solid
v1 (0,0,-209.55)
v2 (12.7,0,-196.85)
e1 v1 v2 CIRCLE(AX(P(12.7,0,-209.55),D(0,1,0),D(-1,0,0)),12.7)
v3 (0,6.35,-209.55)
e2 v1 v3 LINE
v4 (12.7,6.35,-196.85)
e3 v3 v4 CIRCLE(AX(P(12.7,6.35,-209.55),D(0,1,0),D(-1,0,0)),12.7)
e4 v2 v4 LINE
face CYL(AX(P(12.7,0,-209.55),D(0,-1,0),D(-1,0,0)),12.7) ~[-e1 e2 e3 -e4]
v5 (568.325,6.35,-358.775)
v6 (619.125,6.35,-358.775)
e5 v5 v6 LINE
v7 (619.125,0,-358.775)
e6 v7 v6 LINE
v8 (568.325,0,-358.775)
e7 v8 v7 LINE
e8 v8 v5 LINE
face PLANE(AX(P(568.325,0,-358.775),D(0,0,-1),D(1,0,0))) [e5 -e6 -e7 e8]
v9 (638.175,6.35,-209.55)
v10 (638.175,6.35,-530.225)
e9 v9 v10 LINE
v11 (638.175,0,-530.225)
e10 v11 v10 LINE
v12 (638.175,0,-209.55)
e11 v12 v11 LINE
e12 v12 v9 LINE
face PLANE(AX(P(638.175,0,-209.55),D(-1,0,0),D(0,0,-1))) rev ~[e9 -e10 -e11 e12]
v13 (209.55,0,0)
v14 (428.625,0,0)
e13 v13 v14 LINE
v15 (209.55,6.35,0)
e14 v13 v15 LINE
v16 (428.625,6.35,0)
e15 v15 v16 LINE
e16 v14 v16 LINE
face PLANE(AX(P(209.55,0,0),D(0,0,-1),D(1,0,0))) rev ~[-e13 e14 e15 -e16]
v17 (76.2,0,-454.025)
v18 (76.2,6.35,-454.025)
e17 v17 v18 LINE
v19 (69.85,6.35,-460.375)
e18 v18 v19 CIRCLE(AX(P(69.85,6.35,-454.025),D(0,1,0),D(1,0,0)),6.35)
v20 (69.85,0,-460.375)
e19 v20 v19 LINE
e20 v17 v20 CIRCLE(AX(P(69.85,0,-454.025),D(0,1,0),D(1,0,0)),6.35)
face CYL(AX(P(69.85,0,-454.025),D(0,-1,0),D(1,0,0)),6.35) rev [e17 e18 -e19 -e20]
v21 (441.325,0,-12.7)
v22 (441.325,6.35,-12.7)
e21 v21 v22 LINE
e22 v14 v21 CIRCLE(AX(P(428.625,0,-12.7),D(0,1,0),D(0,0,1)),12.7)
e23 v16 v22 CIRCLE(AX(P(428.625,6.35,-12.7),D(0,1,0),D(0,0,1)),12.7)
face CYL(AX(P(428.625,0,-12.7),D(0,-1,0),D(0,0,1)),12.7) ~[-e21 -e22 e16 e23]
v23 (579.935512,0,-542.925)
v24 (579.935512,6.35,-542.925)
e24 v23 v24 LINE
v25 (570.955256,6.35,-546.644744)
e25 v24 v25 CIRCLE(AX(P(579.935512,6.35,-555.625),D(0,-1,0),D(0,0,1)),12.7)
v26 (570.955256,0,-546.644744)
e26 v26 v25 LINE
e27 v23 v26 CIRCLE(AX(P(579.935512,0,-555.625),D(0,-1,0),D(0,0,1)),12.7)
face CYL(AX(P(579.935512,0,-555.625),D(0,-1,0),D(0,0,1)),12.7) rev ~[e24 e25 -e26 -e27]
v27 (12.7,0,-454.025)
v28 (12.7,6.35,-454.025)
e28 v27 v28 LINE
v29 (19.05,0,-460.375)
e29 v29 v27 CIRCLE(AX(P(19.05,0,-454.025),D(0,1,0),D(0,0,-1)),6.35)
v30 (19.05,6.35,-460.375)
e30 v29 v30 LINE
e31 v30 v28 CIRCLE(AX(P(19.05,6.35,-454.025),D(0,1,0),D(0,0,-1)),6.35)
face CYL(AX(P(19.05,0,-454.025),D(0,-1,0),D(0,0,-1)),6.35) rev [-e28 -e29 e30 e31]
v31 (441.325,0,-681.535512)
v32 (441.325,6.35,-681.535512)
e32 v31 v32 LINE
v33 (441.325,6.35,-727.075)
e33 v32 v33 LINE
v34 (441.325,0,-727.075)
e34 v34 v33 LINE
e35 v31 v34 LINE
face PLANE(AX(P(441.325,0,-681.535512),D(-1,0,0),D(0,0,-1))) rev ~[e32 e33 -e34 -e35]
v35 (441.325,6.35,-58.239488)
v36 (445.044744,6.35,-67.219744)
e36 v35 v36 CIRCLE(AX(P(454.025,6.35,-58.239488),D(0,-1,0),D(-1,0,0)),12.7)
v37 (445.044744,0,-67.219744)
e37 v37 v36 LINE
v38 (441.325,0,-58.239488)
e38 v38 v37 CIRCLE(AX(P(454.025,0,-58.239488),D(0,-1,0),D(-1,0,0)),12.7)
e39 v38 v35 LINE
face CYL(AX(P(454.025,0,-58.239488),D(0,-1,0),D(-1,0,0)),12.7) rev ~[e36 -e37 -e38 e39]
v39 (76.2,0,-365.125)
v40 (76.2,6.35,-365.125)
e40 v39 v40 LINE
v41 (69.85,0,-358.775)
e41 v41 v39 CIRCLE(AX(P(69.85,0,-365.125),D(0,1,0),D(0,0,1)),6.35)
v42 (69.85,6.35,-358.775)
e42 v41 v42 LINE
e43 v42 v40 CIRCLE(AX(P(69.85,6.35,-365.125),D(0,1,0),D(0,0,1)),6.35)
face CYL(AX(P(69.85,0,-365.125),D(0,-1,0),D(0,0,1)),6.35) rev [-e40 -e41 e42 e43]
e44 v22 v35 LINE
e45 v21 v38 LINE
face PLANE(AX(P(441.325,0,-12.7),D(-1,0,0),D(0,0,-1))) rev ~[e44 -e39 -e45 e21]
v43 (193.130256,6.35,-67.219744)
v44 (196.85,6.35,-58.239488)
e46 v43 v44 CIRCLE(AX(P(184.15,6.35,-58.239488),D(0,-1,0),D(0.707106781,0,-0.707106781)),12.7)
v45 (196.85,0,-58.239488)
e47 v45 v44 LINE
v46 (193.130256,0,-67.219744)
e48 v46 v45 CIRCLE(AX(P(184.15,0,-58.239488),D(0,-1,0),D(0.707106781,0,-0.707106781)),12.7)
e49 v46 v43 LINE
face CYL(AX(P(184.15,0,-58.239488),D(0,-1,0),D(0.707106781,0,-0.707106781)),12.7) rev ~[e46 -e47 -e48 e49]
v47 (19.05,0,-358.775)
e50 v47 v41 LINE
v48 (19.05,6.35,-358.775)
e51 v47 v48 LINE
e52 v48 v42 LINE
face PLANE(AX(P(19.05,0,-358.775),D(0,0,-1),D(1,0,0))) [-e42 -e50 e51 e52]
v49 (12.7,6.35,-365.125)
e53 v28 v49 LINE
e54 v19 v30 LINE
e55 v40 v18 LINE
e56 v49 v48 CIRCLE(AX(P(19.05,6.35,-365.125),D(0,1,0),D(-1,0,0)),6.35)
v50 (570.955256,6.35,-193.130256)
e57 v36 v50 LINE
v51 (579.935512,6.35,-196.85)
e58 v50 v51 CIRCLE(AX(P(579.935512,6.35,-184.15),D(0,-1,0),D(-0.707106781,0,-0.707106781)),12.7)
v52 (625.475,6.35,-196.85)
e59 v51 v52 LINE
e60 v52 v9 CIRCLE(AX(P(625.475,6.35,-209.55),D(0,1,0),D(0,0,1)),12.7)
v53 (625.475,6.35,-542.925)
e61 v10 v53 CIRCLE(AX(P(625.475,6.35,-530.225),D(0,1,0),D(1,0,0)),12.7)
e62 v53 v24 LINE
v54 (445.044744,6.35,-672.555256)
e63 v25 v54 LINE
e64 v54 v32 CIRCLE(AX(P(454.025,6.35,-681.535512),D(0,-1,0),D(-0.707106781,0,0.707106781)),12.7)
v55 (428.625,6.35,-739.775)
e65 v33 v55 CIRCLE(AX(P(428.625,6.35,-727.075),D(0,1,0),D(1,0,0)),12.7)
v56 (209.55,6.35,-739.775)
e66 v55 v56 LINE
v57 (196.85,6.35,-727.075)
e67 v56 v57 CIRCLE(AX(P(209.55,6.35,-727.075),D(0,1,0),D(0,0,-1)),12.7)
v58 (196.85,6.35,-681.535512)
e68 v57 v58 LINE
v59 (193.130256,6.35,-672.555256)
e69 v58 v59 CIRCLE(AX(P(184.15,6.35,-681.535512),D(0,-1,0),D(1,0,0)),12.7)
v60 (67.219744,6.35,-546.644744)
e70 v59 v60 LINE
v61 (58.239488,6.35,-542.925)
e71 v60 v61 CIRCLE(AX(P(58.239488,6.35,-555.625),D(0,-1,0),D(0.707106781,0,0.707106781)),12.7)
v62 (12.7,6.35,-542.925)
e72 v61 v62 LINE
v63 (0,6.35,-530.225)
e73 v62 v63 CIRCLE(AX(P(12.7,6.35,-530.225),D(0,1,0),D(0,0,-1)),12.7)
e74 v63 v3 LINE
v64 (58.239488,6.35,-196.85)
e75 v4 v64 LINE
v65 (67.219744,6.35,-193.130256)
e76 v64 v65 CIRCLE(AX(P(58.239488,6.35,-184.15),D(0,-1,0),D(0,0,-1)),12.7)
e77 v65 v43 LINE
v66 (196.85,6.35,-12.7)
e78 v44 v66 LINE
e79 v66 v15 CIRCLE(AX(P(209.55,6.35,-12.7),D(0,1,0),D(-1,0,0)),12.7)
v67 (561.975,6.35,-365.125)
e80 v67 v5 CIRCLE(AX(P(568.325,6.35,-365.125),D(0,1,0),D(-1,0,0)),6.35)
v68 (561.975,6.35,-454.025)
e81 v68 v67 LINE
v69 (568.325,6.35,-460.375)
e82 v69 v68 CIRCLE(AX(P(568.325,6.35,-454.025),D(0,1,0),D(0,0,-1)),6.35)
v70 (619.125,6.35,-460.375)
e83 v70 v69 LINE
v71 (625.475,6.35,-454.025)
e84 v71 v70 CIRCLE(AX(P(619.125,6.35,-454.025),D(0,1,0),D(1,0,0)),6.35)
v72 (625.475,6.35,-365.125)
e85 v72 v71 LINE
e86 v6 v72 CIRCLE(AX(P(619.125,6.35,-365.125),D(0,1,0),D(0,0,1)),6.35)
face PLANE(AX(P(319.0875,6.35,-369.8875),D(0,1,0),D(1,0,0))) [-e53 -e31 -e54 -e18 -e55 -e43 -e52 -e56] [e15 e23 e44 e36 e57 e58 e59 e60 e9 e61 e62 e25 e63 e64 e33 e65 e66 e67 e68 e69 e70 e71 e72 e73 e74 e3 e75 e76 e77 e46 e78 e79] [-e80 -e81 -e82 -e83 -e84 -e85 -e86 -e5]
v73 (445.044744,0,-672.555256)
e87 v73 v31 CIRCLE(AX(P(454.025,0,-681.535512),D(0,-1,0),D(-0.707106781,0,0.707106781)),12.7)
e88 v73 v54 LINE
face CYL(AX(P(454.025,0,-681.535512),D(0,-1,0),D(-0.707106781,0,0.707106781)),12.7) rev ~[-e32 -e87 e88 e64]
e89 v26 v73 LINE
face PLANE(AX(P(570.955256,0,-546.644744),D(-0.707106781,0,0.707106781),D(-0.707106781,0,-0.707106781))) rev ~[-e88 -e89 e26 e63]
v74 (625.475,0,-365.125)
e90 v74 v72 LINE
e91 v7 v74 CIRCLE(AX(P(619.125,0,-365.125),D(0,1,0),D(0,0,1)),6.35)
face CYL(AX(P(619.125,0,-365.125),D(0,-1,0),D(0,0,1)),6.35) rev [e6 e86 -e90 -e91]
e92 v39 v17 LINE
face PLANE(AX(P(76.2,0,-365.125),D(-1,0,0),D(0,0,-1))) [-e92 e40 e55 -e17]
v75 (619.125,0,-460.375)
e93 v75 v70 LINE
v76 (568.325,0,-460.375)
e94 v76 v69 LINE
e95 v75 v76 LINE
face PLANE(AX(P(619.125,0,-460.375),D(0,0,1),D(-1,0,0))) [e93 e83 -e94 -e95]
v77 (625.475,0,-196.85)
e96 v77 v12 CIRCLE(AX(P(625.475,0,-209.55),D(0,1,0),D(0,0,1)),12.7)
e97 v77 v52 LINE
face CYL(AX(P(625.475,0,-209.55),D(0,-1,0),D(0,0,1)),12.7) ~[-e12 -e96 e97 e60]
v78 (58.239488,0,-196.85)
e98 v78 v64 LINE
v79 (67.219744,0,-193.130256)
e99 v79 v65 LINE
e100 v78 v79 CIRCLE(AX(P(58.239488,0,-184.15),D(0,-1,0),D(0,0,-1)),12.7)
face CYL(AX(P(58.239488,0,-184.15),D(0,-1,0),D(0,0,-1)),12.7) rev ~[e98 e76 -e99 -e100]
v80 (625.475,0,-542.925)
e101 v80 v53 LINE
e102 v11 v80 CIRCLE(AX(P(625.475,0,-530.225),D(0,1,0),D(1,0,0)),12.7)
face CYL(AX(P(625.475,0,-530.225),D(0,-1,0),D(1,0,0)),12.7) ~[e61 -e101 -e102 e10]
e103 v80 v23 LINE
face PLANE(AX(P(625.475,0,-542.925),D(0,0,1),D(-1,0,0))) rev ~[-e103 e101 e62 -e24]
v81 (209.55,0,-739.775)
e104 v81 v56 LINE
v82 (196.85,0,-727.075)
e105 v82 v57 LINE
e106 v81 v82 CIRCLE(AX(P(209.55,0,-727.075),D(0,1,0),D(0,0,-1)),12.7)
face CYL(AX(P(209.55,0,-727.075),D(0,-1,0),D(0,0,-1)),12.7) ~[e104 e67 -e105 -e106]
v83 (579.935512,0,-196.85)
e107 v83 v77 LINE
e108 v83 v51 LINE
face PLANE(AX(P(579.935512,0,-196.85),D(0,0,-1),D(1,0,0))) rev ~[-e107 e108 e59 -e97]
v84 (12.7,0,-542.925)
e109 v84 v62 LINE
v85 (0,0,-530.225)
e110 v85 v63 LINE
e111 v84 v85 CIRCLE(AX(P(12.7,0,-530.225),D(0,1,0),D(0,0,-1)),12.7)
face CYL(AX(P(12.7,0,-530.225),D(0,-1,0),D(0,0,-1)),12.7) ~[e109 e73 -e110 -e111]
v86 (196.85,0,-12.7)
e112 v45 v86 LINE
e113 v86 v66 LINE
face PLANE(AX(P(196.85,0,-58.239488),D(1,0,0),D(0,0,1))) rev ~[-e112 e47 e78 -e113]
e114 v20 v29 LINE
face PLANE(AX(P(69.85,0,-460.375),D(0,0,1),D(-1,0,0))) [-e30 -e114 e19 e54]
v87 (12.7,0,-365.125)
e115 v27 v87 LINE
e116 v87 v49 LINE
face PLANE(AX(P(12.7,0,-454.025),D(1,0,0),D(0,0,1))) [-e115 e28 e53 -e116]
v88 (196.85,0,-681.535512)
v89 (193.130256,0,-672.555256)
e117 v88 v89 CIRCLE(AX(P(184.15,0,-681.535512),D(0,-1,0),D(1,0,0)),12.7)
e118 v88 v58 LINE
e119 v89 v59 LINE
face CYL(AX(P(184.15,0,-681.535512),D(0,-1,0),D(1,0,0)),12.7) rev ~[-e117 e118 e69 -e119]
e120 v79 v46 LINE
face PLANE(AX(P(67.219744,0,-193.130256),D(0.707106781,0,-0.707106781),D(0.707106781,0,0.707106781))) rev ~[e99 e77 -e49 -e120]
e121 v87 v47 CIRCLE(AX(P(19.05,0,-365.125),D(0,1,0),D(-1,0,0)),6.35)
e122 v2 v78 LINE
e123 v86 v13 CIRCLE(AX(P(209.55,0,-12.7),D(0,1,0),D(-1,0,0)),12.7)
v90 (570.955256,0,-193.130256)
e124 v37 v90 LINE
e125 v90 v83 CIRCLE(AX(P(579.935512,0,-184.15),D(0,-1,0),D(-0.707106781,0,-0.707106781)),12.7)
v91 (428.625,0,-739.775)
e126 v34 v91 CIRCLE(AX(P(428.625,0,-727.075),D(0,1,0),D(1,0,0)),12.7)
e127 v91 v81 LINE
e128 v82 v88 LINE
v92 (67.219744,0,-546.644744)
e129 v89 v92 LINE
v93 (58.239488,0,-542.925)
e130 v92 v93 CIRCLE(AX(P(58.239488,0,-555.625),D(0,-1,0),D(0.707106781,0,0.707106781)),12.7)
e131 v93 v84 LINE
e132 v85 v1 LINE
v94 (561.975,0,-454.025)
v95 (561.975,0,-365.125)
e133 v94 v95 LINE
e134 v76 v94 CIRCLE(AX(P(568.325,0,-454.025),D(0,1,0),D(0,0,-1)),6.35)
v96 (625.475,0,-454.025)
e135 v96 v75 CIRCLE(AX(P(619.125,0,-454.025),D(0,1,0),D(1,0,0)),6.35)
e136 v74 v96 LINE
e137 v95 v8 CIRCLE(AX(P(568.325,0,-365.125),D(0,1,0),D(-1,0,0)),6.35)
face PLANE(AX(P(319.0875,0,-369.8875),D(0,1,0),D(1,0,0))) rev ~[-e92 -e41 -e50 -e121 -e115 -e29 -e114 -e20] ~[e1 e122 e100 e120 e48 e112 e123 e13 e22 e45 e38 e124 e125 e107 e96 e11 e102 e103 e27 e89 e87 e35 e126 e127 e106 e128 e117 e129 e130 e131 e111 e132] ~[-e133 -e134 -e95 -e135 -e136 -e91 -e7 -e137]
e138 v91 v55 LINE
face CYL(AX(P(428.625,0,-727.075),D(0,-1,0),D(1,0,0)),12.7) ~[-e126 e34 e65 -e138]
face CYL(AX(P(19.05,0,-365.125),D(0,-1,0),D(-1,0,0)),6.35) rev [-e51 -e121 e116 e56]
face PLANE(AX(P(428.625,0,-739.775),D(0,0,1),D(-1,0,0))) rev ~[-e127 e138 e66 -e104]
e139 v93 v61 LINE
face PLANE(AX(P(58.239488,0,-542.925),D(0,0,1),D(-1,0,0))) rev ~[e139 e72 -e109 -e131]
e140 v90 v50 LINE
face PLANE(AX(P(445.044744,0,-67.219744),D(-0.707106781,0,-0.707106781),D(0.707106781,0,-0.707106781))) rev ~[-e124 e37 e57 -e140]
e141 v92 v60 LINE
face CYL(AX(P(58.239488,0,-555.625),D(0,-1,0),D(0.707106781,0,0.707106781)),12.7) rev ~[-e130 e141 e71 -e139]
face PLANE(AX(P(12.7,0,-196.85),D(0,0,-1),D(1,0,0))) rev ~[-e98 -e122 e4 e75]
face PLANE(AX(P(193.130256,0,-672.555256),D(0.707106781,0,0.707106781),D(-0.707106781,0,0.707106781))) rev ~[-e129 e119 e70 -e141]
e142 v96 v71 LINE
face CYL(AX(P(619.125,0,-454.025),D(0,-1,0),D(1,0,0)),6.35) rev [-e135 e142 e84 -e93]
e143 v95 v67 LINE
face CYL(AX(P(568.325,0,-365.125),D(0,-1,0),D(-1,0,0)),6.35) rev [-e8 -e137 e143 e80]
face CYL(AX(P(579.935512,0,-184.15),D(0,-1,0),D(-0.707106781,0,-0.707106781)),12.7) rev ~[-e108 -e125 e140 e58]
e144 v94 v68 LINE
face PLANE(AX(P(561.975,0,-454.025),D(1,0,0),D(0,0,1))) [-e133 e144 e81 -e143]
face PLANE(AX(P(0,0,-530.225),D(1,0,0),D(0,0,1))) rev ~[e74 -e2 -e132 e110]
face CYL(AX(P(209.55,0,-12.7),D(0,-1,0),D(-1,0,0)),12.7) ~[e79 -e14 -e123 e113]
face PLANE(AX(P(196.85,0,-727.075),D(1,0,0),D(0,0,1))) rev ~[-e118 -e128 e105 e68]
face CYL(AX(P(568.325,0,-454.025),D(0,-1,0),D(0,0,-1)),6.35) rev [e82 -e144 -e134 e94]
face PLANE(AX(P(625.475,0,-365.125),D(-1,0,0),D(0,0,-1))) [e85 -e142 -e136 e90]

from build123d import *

# Parameters (mm, degrees)
BOSS_EXTRUDE1_DEPTH = 6.35


with BuildPart() as part:
    # Sketch1 → Boss-Extrude1 (new body)
    with BuildSketch(Plane(origin=(0, 0, 0), x_dir=(1, 0, 0), z_dir=(0, 1, 0))):
        with BuildLine():
            Line((209.55, 0), (428.625, 0))
            ThreePointArc((428.625, 0), (437.605256121, 3.719743879), (441.325, 12.7))
            Line((441.325, 12.7), (441.325, 58.239487758))
            ThreePointArc((441.325, 58.239487758), (442.291729937, 63.099567349), (445.044743879, 67.219743879))
            Line((445.044743879, 67.219743879), (570.955256121, 193.130256121))
            ThreePointArc((570.955256121, 193.130256121), (575.075432651, 195.883270063), (579.935512242, 196.85))
            Line((579.935512242, 196.85), (625.475, 196.85))
            ThreePointArc((625.475, 196.85), (634.455256121, 200.569743879), (638.175, 209.55))
            Line((638.175, 209.55), (638.175, 358.775))
            Line((638.175, 358.775), (638.175, 460.375))
            Line((638.175, 460.375), (638.175, 530.225))
            ThreePointArc((638.175, 530.225), (634.455256121, 539.205256121), (625.475, 542.925))
            Line((625.475, 542.925), (579.935512242, 542.925))
            ThreePointArc((579.935512242, 542.925), (575.075432651, 543.891729937), (570.955256121, 546.644743879))
            Line((570.955256121, 546.644743879), (445.044743879, 672.555256121))
            ThreePointArc((445.044743879, 672.555256121), (442.291729937, 676.675432651), (441.325, 681.535512242))
            Line((441.325, 681.535512242), (441.325, 727.075))
            ThreePointArc((441.325, 727.075), (437.605256121, 736.055256121), (428.625, 739.775))
            Line((428.625, 739.775), (209.55, 739.775))
            ThreePointArc((209.55, 739.775), (200.569743879, 736.055256121), (196.85, 727.075))
            Line((196.85, 727.075), (196.85, 681.535512242))
            ThreePointArc((196.85, 681.535512242), (195.883270063, 676.675432651), (193.130256121, 672.555256121))
            Line((193.130256121, 672.555256121), (67.219743879, 546.644743879))
            ThreePointArc((67.219743879, 546.644743879), (63.099567349, 543.891729937), (58.239487758, 542.925))
            Line((58.239487758, 542.925), (12.7, 542.925))
            ThreePointArc((12.7, 542.925), (3.719743879, 539.205256121), (0, 530.225))
            Line((0, 530.225), (0, 209.55))
            ThreePointArc((0, 209.55), (3.719743879, 200.569743879), (12.7, 196.85))
            Line((12.7, 196.85), (58.239487758, 196.85))
            ThreePointArc((58.239487758, 196.85), (63.099567349, 195.883270063), (67.219743879, 193.130256121))
            Line((67.219743879, 193.130256121), (193.130256121, 67.219743879))
            ThreePointArc((193.130256121, 67.219743879), (195.883270063, 63.099567349), (196.85, 58.239487758))
            Line((196.85, 58.239487758), (196.85, 12.7))
            ThreePointArc((196.85, 12.7), (200.569743879, 3.719743879), (209.55, 0))
        make_face()
        with BuildLine():
            Line((619.125, 460.375), (568.325, 460.375))
            ThreePointArc((568.325, 460.375), (563.834871939, 458.515128061), (561.975, 454.025))
            Line((561.975, 454.025), (561.975, 365.125))
            ThreePointArc((561.975, 365.125), (563.834871939, 360.634871939), (568.325, 358.775))
            Line((568.325, 358.775), (619.125, 358.775))
            ThreePointArc((619.125, 358.775), (623.615128061, 360.634871939), (625.475, 365.125))
            Line((625.475, 365.125), (625.475, 454.025))
            ThreePointArc((625.475, 454.025), (623.615128061, 458.515128061), (619.125, 460.375))
        make_face(mode=Mode.SUBTRACT)
        with BuildLine():
            Line((12.7, 454.025), (12.7, 365.125))
            ThreePointArc((12.7, 365.125), (14.559871939, 360.634871939), (19.05, 358.775))
            Line((19.05, 358.775), (69.85, 358.775))
            ThreePointArc((69.85, 358.775), (74.340128061, 360.634871939), (76.2, 365.125))
            Line((76.2, 365.125), (76.2, 454.025))
            ThreePointArc((76.2, 454.025), (74.340128061, 458.515128061), (69.85, 460.375))
            Line((69.85, 460.375), (19.05, 460.375))
            ThreePointArc((19.05, 460.375), (14.559871939, 458.515128061), (12.7, 454.025))
        make_face(mode=Mode.SUBTRACT)
    extrude(amount=BOSS_EXTRUDE1_DEPTH)


solid = part.part
